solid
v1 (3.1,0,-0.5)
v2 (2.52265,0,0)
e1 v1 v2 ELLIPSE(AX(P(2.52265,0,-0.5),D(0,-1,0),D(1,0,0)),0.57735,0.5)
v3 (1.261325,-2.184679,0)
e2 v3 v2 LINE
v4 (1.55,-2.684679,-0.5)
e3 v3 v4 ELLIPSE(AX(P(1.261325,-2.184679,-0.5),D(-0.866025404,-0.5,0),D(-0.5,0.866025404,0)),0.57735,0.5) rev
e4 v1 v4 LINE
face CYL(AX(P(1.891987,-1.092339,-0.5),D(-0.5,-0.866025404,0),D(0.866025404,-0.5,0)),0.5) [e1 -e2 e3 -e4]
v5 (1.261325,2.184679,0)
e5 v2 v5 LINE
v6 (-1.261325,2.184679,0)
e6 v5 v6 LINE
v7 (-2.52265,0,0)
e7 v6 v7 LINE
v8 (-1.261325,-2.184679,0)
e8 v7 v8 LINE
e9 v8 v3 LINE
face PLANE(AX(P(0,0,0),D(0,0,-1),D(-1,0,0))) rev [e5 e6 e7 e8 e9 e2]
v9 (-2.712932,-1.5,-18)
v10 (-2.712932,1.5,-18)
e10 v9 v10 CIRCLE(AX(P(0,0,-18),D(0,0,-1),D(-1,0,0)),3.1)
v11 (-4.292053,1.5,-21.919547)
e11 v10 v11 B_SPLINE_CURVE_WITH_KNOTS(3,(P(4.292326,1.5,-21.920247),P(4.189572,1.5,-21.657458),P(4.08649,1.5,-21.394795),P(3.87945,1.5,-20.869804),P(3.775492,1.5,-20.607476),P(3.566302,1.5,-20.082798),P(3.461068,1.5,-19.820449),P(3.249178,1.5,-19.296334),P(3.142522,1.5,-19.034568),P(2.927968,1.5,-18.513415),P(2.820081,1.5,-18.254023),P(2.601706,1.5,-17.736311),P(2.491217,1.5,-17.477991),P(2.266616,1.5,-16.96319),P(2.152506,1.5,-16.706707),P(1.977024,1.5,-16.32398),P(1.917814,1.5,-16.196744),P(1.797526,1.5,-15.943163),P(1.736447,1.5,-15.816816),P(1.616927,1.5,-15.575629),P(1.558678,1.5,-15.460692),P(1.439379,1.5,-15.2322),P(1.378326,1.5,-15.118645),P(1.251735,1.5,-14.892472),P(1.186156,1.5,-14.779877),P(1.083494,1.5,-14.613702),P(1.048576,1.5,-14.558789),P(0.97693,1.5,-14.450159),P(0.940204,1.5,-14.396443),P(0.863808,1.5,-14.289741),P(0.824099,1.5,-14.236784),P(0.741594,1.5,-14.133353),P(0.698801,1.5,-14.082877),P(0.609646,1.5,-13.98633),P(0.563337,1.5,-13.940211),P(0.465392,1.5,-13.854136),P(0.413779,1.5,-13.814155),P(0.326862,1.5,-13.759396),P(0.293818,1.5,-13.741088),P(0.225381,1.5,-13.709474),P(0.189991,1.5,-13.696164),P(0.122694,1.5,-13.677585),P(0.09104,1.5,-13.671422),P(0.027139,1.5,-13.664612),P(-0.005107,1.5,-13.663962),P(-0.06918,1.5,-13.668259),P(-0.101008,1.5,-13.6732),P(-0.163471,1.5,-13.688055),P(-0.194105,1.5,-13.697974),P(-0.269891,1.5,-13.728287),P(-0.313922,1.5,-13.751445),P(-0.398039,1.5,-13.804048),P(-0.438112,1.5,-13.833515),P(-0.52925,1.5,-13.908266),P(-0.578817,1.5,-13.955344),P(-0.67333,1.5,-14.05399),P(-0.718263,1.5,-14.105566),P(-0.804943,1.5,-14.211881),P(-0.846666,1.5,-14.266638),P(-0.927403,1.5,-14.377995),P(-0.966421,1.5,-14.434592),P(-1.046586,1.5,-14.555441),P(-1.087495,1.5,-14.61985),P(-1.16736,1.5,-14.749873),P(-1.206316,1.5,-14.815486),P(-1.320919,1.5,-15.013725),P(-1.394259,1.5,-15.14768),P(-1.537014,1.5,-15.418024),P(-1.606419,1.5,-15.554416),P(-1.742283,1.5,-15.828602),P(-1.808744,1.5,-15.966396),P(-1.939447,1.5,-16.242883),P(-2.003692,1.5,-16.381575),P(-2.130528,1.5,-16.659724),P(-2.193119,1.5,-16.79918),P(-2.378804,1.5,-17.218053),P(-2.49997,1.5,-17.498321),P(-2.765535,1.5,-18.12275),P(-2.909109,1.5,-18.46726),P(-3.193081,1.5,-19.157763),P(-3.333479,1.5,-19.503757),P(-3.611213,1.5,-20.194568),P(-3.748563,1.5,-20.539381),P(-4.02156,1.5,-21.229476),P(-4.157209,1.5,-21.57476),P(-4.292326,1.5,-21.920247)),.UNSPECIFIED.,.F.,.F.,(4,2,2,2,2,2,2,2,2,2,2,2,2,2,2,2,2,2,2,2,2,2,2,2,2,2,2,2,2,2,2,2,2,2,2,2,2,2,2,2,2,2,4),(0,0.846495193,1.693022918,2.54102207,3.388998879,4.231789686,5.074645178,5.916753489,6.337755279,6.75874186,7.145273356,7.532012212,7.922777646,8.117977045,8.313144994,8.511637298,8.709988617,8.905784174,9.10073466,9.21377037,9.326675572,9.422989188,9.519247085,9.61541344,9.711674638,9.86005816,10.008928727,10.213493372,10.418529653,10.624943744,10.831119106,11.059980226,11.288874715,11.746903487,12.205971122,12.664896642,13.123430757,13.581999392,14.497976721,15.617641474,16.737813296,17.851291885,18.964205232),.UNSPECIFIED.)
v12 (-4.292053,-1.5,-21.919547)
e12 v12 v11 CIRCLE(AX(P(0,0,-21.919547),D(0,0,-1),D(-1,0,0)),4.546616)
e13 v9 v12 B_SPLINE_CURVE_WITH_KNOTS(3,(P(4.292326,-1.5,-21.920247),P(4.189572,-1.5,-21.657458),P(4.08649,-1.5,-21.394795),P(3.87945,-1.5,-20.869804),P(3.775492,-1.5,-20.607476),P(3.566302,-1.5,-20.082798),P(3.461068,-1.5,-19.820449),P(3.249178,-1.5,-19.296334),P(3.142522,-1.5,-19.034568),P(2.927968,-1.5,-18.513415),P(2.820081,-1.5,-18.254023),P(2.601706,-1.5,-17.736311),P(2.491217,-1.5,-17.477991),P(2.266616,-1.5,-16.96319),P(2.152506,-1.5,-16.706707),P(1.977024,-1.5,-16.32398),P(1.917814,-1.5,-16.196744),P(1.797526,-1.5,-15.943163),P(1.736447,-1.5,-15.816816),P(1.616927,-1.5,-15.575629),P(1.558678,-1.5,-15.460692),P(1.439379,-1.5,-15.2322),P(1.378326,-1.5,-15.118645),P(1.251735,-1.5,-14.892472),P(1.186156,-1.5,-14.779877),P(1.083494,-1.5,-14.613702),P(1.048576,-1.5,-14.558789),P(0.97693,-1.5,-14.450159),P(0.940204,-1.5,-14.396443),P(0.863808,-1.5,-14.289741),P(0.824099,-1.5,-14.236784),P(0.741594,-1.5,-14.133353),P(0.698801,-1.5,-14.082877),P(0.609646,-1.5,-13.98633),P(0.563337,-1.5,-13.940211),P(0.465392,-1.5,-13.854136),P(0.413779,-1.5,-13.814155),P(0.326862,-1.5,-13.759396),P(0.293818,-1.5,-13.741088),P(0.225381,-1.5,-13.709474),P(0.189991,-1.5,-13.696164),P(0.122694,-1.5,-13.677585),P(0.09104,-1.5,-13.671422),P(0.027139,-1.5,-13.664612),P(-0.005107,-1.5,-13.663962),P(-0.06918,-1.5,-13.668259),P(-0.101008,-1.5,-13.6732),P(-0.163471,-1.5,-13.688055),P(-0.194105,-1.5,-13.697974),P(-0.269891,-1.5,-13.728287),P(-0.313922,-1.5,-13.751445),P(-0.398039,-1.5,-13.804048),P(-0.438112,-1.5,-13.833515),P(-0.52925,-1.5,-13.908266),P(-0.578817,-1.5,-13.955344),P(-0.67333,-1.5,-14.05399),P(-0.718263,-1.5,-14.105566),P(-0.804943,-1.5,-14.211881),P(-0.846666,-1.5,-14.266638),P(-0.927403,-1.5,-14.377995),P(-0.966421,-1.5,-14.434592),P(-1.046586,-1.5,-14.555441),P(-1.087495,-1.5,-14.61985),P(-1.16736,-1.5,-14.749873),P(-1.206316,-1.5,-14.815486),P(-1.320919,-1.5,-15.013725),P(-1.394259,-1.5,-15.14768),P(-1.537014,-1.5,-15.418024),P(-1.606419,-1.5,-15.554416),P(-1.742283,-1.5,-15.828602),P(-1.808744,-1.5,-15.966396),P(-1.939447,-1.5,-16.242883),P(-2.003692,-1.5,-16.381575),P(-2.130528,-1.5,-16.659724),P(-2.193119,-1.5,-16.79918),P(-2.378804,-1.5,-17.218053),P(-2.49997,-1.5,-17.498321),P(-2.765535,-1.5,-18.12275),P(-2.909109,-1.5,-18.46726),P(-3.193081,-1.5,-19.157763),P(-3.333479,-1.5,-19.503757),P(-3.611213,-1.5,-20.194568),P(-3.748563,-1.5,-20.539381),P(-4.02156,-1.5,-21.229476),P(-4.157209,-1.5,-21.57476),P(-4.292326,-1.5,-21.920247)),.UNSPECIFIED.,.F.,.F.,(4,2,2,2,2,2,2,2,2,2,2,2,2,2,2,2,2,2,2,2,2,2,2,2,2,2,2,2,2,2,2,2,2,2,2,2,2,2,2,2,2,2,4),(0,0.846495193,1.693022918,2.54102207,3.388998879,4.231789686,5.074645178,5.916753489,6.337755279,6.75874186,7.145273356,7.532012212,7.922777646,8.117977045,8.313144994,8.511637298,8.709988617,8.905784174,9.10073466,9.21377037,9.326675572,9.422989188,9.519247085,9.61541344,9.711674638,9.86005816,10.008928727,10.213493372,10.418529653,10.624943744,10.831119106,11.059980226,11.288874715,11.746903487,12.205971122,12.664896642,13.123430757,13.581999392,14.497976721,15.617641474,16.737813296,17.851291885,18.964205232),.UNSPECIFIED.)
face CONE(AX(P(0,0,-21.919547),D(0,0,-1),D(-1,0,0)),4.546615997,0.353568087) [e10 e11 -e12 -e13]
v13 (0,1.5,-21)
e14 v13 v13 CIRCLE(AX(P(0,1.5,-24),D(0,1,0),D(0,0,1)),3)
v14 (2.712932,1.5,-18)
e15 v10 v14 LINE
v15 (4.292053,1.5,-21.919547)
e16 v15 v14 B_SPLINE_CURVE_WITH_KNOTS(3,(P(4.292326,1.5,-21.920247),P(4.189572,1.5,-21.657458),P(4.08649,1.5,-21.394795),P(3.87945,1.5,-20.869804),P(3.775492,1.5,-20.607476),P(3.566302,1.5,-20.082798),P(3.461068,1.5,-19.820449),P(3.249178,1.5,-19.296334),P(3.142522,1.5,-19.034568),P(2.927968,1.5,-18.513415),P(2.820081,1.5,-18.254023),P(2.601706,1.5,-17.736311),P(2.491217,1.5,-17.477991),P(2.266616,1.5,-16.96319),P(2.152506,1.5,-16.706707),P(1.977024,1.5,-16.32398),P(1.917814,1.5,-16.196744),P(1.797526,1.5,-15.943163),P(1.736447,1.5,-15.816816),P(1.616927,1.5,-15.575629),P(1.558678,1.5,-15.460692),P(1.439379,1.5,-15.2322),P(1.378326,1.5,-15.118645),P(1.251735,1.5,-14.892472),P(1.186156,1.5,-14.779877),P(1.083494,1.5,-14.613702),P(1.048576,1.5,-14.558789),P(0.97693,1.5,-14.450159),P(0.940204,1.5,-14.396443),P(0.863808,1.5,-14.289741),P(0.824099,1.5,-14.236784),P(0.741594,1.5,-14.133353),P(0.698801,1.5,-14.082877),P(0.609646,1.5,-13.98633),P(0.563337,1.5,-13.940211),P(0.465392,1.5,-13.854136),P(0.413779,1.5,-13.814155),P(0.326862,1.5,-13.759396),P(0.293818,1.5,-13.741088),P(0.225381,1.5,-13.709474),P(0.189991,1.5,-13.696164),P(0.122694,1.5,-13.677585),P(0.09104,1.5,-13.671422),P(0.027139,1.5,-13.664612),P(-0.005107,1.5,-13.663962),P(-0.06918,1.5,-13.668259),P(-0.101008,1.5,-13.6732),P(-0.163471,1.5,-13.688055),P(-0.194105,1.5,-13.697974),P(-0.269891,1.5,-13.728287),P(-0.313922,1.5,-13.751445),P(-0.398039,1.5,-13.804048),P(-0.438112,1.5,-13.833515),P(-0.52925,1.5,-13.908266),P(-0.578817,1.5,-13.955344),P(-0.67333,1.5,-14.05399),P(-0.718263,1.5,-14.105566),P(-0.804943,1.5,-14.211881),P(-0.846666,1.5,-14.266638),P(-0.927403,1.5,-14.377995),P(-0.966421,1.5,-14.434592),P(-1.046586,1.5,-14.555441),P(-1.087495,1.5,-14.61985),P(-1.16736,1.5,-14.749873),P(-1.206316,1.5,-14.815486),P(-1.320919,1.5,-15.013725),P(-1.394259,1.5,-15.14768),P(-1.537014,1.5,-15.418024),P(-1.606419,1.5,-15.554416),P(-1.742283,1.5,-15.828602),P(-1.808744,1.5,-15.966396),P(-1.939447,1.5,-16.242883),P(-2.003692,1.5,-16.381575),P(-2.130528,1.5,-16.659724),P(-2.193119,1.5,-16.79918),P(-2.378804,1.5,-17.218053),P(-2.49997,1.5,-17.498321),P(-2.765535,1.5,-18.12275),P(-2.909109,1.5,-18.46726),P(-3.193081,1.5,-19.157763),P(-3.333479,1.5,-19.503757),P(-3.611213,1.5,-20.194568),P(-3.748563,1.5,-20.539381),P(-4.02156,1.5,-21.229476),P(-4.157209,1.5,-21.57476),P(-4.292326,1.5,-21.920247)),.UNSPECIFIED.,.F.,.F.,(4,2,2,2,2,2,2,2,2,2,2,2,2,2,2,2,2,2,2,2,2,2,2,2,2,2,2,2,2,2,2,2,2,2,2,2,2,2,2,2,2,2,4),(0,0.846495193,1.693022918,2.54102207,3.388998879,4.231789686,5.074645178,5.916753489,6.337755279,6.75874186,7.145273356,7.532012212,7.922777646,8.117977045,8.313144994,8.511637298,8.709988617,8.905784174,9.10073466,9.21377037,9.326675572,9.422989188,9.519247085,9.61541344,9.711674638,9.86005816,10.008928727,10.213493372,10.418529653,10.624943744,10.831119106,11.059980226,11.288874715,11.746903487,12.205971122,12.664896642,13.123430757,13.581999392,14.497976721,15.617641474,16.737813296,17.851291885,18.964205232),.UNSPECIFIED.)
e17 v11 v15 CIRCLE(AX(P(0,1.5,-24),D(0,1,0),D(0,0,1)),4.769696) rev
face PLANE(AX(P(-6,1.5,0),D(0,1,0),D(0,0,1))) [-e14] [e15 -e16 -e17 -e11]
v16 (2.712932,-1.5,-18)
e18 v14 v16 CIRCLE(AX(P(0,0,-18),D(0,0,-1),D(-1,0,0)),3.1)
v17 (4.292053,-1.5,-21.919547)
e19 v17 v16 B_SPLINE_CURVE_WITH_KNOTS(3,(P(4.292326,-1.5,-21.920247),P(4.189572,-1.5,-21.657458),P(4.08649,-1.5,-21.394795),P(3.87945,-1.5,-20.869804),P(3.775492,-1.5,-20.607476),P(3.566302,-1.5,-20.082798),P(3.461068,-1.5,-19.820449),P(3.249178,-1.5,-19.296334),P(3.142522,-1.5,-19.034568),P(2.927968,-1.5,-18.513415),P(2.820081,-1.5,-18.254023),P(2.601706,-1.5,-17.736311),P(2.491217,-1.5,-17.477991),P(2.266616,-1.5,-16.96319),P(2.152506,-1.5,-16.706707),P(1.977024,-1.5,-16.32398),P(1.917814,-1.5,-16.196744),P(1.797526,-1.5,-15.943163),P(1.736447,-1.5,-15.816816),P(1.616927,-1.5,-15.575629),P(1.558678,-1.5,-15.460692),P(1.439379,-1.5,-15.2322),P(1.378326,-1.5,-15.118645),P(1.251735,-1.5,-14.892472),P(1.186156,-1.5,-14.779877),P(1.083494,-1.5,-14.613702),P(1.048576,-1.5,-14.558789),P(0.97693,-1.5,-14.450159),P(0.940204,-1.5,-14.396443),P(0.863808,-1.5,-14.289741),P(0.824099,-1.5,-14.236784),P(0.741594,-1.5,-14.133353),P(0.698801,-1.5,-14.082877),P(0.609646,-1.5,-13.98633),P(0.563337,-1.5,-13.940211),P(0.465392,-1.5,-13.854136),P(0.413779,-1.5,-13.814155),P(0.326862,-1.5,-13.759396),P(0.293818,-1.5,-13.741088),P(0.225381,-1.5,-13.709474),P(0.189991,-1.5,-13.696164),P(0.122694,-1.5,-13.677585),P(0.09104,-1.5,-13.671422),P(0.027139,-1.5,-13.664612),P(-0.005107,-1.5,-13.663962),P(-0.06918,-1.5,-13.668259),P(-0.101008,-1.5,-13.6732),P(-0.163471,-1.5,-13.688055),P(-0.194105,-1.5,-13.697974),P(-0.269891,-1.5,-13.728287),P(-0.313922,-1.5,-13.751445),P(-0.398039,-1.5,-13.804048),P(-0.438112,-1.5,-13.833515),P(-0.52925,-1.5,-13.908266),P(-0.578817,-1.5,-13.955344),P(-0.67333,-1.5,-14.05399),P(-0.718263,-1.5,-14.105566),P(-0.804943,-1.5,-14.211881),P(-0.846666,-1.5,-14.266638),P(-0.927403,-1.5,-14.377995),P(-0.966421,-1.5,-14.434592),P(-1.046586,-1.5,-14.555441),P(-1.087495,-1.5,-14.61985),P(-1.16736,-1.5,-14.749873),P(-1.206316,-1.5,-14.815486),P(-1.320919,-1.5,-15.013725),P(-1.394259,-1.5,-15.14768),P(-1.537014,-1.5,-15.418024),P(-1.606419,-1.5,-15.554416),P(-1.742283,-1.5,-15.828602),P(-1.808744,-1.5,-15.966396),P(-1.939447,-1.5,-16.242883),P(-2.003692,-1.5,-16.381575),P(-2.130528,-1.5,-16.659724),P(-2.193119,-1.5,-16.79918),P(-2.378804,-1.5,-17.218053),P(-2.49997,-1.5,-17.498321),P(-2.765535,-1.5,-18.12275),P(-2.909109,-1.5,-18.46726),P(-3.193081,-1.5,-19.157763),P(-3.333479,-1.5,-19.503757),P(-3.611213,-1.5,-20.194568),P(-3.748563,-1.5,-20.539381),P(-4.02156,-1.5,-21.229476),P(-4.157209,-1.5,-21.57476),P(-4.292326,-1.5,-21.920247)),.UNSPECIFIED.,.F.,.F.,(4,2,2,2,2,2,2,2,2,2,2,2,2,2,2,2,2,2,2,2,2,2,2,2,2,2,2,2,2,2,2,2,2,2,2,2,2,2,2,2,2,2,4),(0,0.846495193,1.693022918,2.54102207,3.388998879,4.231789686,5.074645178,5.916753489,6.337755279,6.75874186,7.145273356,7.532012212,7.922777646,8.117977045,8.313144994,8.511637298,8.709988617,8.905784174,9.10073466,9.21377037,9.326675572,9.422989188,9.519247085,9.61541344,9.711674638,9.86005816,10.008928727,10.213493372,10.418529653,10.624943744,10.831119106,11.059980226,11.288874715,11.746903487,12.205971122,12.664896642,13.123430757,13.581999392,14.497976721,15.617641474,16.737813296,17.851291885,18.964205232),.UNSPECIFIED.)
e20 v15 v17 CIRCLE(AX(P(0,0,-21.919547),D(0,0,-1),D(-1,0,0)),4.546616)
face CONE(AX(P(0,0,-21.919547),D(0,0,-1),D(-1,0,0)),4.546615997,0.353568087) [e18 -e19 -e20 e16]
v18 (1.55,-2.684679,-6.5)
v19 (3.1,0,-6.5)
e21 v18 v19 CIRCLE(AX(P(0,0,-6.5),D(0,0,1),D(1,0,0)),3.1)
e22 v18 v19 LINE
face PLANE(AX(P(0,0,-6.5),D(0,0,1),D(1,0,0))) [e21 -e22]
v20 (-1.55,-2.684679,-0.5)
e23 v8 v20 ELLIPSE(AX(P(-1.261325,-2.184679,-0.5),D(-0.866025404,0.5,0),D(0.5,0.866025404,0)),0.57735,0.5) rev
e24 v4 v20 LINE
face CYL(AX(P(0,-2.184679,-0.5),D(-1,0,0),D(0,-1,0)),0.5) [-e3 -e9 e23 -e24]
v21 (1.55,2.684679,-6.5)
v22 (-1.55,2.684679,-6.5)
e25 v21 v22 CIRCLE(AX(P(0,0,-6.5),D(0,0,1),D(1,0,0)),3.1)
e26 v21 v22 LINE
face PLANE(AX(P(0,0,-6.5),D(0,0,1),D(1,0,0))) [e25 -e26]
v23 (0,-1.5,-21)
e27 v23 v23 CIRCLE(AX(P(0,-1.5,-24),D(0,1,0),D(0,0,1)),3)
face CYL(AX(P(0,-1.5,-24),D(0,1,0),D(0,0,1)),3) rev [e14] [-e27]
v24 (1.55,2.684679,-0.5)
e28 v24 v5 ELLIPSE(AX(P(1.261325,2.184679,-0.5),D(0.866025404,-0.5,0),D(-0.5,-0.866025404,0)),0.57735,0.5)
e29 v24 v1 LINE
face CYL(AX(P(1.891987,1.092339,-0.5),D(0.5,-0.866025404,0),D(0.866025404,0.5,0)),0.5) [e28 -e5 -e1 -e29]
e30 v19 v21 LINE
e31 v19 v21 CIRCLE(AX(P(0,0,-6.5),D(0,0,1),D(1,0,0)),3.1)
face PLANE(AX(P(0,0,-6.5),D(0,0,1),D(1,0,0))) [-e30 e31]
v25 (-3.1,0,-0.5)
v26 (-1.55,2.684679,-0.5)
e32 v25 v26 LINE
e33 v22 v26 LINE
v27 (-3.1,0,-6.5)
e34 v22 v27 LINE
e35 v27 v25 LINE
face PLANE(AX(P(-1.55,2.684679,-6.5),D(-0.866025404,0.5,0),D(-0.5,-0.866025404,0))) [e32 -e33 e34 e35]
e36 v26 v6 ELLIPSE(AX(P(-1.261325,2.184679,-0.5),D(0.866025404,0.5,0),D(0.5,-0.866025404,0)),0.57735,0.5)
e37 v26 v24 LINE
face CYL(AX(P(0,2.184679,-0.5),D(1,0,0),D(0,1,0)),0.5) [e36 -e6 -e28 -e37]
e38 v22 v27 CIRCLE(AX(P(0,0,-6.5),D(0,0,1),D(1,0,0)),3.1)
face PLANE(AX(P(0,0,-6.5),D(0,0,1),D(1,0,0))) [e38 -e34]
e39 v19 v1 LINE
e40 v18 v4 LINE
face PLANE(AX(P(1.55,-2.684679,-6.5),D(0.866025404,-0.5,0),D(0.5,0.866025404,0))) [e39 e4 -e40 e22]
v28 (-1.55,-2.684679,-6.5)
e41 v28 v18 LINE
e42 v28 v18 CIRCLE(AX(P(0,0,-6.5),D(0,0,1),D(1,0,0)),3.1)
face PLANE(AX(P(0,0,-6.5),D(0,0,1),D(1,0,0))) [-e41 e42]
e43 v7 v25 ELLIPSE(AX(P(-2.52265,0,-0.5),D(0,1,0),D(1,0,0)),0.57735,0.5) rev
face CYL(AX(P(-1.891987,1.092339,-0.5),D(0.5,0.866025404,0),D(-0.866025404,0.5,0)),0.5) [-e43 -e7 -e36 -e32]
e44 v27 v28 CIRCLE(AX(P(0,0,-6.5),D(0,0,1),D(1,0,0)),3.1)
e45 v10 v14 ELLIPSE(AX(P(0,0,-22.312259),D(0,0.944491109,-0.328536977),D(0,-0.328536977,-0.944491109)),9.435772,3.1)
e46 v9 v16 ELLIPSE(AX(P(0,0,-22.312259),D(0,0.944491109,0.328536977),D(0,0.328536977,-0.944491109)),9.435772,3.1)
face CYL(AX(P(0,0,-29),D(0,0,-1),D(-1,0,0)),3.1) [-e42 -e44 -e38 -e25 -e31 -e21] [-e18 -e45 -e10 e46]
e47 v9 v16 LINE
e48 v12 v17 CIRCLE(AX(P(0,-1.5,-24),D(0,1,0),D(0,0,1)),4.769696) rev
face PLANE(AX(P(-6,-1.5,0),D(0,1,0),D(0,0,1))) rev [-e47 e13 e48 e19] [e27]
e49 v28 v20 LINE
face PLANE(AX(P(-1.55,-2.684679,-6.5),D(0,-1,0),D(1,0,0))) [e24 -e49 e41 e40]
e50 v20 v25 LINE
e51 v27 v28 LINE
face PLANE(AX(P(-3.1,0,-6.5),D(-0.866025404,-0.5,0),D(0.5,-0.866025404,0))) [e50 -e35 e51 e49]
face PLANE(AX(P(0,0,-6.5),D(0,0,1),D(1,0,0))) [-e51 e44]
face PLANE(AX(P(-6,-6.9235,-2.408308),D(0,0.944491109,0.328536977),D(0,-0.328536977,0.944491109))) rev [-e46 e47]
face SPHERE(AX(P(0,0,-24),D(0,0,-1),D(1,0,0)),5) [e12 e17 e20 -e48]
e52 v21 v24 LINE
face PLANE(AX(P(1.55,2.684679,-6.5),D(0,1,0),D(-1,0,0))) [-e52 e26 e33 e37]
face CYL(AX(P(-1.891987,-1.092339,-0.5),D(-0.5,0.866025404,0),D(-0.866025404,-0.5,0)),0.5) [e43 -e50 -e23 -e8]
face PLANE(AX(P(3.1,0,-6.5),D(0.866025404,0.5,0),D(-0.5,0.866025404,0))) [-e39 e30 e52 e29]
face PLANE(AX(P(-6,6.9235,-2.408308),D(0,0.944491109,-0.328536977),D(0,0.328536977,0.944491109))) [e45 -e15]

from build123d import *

# Parameters (mm, degrees)
CUT_EXTRUDE2_DEPTH = 6
SKETCH4_OUTSIDE_W  = 18.26
SKETCH4_OUTSIDE_H  = 14.46
CUT_EXTRUDE3_DEPTH = 6.5
FILLET1_R          = 0.5
CUT_EXTRUDE4_START = -1.5
SKETCH5_R          = 3
CUT_EXTRUDE4_DEPTH = 1.5


with BuildPart() as part:
    # Sketch1 → Revolve1 (revolve)
    with BuildSketch(Plane(origin=(0, 0, 0), x_dir=(1, 0, 0), z_dir=(0, 1, 0))):
        with BuildLine():
            ThreePointArc((0, 29), (-4.207271262, 26.701641821), (-4.546615997, 21.919547411))
            Line((-4.546615997, 21.919547411), (-3.1, 18))
            Line((-3.1, 18), (-3.1, 0))
            Line((-3.1, 0), (0, 0))
            Line((0, 0), (0, 29))
        make_face()
    revolve(axis=Axis((0, 0, -29), (0, 0, 1)))

    # Sketch2 → Cut-Extrude2 (cut, symmetric)
    with BuildSketch(Plane(origin=(0, 0, 0), x_dir=(0, 0, -1), z_dir=(1, 0, 0))):
        with BuildLine():
            Line((18, 1.5), (28.769696007, 1.5))
            ThreePointArc((28.769696007, 1.5), (26.031864858, 4.56853644), (21.919547411, 4.546615997))
            Line((21.919547411, 4.546615997), (18, 3.1))
            Line((18, 3.1), (13.400256656, 3.1))
            Line((13.400256656, 3.1), (18, 1.5))
        make_face()
        with BuildLine():
            ThreePointArc((21.919547411, -4.546615997), (26.031864858, -4.56853644), (28.769696007, -1.5))
            Line((28.769696007, -1.5), (18, -1.5))
            Line((18, -1.5), (13.400256656, -3.1))
            Line((13.400256656, -3.1), (18, -3.1))
            Line((18, -3.1), (21.919547411, -4.546615997))
        make_face()
    extrude(amount=CUT_EXTRUDE2_DEPTH, both=True, mode=Mode.SUBTRACT)

    # Sketch4 outside → Cut-Extrude3 (cut)
    with BuildSketch(Plane.XY):
        Rectangle(SKETCH4_OUTSIDE_W, SKETCH4_OUTSIDE_H)
        Polygon((1.55, 2.684678752), (-1.55, 2.684678752), (-3.1, 0), (-1.55, -2.684678752), (1.55, -2.684678752), (3.1, 0), align=None, mode=Mode.SUBTRACT)
    extrude(amount=-CUT_EXTRUDE3_DEPTH, mode=Mode.SUBTRACT)

    # Fillet1
    fillet1_edges = [part.edges().sort_by_distance(p)[0] for p in [
        (2.325, 1.342339376, 0),
        (2.325, -1.342339376, 0),
        (0, -2.684678752, 0),
        (-2.325, -1.342339376, 0),
        (-2.325, 1.342339376, 0),
        (0, 2.684678752, 0),
    ]]
    fillet(fillet1_edges, radius=FILLET1_R)

    # Sketch5 → Cut-Extrude4 (cut, symmetric)
    with BuildSketch(Plane(origin=(0, 1.5, 0), x_dir=(1, 0, 0), z_dir=(0, 1, 0)).offset(CUT_EXTRUDE4_START)):
        with Locations(Location((0, 24, 0), (0, 0, 270))):
            Circle(SKETCH5_R)
    extrude(amount=CUT_EXTRUDE4_DEPTH, both=True, mode=Mode.SUBTRACT)


solid = part.part
